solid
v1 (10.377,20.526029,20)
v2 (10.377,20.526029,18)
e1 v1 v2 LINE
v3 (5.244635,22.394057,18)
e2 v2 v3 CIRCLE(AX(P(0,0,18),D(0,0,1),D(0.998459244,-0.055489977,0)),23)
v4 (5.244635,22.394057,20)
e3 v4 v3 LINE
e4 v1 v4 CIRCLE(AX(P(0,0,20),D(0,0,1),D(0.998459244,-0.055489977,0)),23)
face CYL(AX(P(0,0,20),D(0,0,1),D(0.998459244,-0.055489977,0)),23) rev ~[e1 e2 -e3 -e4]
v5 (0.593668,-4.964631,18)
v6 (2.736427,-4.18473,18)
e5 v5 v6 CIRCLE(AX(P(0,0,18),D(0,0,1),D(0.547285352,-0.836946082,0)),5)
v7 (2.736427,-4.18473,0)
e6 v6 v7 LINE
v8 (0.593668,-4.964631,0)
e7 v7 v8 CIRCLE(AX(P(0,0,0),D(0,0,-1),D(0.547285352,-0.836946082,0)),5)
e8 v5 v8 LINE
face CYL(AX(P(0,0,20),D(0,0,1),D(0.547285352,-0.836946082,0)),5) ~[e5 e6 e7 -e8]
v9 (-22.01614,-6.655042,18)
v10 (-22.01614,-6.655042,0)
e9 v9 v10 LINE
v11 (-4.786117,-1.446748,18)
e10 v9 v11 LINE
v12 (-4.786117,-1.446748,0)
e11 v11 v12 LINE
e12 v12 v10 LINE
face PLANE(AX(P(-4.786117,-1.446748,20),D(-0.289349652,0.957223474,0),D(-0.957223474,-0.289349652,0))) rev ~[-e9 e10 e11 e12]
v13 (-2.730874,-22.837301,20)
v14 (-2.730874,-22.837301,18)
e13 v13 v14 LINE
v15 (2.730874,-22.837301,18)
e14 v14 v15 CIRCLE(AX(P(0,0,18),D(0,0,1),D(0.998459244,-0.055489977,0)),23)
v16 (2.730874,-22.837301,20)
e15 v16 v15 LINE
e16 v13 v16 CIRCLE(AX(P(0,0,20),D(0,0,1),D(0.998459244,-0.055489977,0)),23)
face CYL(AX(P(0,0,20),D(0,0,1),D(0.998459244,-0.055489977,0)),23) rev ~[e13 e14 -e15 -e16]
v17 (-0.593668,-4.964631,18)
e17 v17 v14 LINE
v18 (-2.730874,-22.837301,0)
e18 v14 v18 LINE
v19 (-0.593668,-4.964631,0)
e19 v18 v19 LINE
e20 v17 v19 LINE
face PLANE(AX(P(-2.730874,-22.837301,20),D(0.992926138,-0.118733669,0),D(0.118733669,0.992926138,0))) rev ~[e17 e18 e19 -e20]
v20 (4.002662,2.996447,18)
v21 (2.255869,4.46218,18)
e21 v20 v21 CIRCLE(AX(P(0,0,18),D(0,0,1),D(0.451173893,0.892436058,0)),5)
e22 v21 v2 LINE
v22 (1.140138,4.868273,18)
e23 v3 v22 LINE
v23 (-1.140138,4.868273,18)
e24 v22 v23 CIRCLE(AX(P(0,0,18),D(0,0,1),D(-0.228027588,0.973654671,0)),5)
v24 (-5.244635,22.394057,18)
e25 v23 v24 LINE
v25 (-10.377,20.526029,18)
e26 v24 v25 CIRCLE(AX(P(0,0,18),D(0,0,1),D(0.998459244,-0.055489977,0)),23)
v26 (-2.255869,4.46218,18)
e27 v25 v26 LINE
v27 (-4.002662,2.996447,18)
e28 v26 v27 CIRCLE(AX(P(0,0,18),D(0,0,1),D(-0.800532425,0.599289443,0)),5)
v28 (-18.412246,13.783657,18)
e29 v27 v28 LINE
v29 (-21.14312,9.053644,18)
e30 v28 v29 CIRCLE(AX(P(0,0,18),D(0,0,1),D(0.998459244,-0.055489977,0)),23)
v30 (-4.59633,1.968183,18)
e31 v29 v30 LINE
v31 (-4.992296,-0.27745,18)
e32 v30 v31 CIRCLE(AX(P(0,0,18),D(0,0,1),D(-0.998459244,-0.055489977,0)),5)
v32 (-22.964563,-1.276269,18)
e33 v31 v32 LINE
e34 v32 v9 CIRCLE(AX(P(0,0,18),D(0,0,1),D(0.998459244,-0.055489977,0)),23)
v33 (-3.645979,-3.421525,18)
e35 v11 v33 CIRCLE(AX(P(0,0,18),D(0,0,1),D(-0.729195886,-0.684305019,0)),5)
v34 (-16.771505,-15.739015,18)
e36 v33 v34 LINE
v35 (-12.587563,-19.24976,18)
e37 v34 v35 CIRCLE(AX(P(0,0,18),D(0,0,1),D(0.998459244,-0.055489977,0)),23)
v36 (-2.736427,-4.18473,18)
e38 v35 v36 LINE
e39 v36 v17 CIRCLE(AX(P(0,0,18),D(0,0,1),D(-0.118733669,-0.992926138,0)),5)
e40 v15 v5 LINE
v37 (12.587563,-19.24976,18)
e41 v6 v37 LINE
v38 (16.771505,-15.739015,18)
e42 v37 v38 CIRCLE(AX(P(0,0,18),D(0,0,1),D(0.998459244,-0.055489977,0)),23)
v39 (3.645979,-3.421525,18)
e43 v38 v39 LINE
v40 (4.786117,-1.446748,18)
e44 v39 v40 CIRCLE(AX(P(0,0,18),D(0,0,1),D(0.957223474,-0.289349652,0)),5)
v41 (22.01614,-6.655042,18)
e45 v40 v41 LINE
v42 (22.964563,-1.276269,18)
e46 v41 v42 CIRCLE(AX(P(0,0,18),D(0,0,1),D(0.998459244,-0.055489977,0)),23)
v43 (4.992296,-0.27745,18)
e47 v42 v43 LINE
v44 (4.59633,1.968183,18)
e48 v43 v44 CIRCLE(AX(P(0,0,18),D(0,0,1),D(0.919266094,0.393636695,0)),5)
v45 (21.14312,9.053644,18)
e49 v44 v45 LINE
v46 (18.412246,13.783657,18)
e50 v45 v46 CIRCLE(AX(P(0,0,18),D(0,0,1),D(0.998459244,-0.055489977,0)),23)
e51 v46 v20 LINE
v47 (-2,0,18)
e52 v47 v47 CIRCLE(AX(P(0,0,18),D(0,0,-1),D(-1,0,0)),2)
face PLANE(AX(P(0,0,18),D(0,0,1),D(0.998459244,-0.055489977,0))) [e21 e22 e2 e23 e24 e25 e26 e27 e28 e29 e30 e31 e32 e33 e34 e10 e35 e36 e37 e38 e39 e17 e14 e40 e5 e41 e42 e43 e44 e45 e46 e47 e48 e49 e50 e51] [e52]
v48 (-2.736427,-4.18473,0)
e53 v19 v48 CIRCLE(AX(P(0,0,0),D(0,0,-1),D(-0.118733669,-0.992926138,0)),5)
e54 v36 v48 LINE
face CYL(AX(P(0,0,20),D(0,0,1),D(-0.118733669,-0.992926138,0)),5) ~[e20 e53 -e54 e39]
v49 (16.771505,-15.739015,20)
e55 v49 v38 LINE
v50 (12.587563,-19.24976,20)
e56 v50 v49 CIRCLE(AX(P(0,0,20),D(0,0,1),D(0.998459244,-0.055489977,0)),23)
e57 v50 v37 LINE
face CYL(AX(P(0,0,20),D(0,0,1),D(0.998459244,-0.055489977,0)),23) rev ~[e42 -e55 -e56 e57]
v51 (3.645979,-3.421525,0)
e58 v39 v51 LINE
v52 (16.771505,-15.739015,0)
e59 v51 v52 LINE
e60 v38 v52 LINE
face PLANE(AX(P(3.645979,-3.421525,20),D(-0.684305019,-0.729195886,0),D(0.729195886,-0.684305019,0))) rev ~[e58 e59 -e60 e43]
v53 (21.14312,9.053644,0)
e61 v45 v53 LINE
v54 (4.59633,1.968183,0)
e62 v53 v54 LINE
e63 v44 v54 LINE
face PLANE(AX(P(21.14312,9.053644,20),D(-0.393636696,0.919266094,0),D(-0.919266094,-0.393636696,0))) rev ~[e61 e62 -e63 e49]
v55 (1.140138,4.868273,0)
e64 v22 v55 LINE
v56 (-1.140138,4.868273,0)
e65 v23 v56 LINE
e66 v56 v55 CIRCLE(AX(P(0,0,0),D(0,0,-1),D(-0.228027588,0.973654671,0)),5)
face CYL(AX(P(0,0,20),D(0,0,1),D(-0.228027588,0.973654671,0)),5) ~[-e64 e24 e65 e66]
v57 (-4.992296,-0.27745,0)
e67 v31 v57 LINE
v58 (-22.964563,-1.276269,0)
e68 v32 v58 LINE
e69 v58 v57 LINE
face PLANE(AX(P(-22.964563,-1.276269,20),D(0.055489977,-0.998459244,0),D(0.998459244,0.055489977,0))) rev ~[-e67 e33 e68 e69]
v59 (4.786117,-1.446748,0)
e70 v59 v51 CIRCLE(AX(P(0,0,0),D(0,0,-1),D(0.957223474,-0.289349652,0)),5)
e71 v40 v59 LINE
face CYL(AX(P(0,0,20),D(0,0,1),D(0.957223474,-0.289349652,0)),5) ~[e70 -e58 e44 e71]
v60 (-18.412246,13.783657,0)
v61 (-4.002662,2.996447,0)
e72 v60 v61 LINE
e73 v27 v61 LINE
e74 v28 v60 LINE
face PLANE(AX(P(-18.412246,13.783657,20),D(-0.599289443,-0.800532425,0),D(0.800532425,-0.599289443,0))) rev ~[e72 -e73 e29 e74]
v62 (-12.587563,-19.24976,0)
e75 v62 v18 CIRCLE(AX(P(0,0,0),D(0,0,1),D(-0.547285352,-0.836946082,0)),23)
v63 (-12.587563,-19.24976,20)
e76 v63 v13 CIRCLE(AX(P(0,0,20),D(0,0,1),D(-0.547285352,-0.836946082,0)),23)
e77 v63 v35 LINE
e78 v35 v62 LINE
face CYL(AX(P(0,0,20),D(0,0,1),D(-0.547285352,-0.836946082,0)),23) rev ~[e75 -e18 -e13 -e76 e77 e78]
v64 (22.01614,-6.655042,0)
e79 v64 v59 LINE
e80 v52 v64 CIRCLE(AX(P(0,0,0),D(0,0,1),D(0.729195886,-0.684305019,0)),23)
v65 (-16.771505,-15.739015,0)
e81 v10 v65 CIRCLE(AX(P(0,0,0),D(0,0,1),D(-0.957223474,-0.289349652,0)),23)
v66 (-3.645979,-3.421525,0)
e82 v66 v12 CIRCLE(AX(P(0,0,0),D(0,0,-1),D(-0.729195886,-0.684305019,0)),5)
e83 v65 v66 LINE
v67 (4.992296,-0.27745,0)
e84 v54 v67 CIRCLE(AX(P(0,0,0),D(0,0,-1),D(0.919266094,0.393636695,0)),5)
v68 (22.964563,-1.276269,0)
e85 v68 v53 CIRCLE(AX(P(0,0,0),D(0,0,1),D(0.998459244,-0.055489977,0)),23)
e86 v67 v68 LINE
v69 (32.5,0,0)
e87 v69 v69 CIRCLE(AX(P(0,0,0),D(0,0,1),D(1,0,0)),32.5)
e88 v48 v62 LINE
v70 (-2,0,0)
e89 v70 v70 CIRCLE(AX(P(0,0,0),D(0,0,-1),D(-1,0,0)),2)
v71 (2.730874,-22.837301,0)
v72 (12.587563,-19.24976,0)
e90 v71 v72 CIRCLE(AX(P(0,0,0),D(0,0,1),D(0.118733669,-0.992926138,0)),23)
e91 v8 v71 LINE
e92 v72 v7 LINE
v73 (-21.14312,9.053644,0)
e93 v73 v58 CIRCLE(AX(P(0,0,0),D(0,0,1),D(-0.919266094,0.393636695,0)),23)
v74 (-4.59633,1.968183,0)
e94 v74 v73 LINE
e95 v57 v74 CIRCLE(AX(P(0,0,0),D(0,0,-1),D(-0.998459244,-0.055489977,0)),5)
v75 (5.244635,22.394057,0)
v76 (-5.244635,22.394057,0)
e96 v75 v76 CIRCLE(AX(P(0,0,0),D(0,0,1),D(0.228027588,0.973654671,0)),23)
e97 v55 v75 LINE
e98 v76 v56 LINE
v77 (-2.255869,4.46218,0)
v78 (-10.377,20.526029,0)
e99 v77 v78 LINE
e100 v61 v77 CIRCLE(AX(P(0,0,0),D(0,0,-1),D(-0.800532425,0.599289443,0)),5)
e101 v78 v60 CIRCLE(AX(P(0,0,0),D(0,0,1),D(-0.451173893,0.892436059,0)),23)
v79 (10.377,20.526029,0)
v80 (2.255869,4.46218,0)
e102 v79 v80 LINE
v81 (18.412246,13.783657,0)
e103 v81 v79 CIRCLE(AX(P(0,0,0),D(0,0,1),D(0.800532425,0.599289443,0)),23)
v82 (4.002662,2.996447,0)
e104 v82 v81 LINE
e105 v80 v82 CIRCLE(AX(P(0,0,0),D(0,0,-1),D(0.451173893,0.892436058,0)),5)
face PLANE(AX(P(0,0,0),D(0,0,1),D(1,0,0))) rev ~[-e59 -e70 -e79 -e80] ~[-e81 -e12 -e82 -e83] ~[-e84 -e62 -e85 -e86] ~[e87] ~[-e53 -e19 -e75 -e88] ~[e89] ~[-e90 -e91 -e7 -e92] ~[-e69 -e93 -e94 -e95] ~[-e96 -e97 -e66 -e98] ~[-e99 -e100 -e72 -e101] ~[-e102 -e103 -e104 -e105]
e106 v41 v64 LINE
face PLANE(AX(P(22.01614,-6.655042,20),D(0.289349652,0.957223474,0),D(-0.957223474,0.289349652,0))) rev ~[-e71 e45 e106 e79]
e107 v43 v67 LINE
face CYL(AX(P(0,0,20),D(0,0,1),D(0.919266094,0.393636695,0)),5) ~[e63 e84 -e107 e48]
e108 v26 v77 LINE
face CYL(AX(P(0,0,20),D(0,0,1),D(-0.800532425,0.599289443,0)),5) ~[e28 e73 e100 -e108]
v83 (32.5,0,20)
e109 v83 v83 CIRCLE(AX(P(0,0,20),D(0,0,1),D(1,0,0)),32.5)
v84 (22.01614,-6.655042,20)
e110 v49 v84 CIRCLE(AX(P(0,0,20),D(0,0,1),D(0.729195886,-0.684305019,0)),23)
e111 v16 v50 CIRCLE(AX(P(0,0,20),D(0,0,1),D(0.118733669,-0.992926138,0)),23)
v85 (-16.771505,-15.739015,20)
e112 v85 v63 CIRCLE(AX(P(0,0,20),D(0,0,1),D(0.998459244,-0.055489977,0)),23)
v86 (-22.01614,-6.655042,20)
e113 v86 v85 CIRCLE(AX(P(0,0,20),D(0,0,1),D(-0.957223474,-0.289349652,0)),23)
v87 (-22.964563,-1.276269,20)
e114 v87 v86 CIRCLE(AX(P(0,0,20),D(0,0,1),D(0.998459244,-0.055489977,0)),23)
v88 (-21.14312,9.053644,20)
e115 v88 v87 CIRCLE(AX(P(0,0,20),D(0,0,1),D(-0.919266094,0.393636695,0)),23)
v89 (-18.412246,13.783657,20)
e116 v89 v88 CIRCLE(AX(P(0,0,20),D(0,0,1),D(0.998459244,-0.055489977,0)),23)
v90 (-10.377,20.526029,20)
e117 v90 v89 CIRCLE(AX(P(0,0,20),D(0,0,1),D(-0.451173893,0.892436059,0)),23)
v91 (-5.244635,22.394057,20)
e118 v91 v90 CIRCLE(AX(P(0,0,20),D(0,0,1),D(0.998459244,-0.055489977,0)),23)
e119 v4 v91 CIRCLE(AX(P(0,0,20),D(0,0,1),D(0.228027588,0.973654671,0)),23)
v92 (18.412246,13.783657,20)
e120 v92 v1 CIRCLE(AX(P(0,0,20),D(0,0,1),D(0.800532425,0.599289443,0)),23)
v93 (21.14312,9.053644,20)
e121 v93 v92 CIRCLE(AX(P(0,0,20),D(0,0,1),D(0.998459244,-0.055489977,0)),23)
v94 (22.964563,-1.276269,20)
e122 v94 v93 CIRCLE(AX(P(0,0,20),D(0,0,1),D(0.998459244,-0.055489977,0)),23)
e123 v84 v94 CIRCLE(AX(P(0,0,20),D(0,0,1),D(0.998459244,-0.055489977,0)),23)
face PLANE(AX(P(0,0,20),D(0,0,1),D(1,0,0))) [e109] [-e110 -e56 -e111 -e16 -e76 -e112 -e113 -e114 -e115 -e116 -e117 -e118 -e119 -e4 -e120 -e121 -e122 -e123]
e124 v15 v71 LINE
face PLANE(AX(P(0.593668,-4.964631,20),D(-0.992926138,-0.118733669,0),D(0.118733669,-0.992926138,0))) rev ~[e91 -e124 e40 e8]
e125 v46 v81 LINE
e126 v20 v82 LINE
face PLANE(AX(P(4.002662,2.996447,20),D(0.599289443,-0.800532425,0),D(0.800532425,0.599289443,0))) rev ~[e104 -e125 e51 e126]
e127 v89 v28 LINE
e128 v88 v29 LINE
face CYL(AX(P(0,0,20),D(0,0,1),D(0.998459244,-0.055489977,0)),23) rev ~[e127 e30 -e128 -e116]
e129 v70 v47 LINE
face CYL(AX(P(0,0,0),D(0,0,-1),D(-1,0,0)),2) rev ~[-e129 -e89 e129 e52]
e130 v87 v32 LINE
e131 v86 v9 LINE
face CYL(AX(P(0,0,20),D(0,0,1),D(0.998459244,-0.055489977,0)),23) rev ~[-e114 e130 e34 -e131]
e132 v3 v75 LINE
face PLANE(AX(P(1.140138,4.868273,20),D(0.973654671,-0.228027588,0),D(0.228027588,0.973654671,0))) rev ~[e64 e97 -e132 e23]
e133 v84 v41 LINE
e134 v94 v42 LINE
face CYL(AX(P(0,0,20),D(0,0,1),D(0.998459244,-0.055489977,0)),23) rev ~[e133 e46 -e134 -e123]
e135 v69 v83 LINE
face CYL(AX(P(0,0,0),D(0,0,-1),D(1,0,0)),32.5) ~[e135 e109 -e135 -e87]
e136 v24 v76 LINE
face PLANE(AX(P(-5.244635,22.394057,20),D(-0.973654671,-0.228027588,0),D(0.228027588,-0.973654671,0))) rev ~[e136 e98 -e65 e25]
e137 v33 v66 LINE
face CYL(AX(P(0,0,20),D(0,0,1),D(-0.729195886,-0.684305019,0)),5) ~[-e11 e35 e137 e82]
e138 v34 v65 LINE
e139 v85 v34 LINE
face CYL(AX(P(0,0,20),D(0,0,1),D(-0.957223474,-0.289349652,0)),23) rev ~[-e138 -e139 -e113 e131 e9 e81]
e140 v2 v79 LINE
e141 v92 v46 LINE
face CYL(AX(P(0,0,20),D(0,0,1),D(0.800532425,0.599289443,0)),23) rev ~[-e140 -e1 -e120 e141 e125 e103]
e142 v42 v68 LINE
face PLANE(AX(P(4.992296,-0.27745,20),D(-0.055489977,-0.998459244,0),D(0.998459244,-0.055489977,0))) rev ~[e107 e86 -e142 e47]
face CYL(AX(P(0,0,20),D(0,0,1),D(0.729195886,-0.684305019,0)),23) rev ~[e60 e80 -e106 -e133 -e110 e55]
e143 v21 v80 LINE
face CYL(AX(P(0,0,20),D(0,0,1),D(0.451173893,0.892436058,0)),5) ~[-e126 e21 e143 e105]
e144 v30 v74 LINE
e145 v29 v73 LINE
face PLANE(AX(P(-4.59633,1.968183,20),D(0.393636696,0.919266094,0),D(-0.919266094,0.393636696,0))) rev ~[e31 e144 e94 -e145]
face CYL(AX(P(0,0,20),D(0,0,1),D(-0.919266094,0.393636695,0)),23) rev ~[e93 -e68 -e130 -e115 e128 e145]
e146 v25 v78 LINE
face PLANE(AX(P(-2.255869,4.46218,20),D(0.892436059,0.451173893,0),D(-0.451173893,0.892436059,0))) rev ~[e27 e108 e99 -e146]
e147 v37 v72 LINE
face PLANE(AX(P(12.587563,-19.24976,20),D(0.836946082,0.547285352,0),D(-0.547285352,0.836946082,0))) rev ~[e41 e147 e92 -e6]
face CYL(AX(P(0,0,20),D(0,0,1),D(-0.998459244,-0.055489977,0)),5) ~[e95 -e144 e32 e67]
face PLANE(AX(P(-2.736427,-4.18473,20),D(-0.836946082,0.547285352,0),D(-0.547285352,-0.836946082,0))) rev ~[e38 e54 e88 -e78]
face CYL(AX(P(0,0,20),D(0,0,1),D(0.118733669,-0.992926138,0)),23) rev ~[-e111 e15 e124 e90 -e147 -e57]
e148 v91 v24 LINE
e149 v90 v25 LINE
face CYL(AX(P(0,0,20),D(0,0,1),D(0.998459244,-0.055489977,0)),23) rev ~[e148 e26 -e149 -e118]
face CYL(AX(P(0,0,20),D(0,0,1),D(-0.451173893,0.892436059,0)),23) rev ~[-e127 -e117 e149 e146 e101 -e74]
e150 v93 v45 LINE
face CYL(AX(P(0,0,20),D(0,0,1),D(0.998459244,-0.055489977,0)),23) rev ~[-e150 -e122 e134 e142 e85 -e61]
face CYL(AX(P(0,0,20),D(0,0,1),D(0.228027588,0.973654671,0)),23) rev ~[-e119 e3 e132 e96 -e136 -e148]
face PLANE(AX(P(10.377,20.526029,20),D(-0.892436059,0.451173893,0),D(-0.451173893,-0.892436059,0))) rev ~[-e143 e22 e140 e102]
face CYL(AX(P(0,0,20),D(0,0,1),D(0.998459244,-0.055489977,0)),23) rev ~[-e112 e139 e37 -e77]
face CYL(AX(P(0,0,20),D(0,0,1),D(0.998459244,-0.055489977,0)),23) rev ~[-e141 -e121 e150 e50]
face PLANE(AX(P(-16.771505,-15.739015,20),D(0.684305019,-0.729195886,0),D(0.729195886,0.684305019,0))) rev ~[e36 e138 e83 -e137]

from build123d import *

# Parameters (mm, degrees)
CROQUIS1_R              = 32.5
SALIENTE_EXTRUIR1_DEPTH = 20
CROQUIS2_R              = 2
CORTAR_EXTRUIR1_DEPTH   = 20
CORTAR_EXTRUIR2_DEPTH   = 20
CROQUIS4_R              = 23
CORTAR_EXTRUIR3_DEPTH   = 2


with BuildPart() as part:
    # Croquis1 → Saliente-Extruir1 (new body)
    with BuildSketch(Plane.XY):
        Circle(CROQUIS1_R)
    extrude(amount=SALIENTE_EXTRUIR1_DEPTH)

    # Croquis2 → Cortar-Extruir1 (cut)
    with BuildSketch(Plane(origin=(0, 0, 0), x_dir=(-1, 0, 0), z_dir=(0, 0, -1))):
        Circle(CROQUIS2_R)
    extrude(amount=-CORTAR_EXTRUIR1_DEPTH, mode=Mode.SUBTRACT)

    # Croquis3 → Cortar-Extruir2 (cut)
    with BuildSketch(Plane.XY.offset(20)):
        with BuildLine():
            Line((1.140137938, 4.868273357), (5.244634516, 22.394057444))
            ThreePointArc((5.244634516, 22.394057444), (0, 23), (-5.244634516, 22.394057444))
            Line((-5.244634516, 22.394057444), (-1.140137938, 4.868273357))
            ThreePointArc((-1.140137938, 4.868273357), (0, 5), (1.140137938, 4.868273357))
        make_face()
        with BuildLine():
            Line((4.002662127, 2.996447213), (18.412245782, 13.78365718))
            ThreePointArc((18.412245782, 13.78365718), (14.784115023, 17.619022192), (10.376999529, 20.526029348))
            Line((10.376999529, 20.526029348), (2.255869463, 4.462180293))
            ThreePointArc((2.255869463, 4.462180293), (3.213938048, 3.830222216), (4.002662127, 2.996447213))
        make_face()
        with BuildLine():
            Line((4.992296221, -0.277449884), (22.964562618, -1.276269467))
            ThreePointArc((22.964562618, -1.276269467), (22.650578319, 3.993908086), (21.143120166, 9.053643998))
            Line((21.143120166, 9.053643998), (4.596330471, 1.968183478))
            ThreePointArc((4.596330471, 1.968183478), (4.924038765, 0.868240888), (4.992296221, -0.277449884))
        make_face()
        with BuildLine():
            Line((3.645979431, -3.421525097), (16.771505382, -15.739015446))
            ThreePointArc((16.771505382, -15.739015446), (19.918584287, -11.5), (22.016139898, -6.655041998))
            Line((22.016139898, -6.655041998), (4.786117369, -1.44674826))
            ThreePointArc((4.786117369, -1.44674826), (4.330127019, -2.5), (3.645979431, -3.421525097))
        make_face()
        with BuildLine():
            Line((0.593668344, -4.964630691), (2.730874383, -22.837301178))
            ThreePointArc((2.730874383, -22.837301178), (7.866463296, -21.612930278), (12.58756309, -19.249759881))
            Line((12.58756309, -19.249759881), (2.736426759, -4.184730409))
            ThreePointArc((2.736426759, -4.184730409), (1.710100717, -4.698463104), (0.593668344, -4.964630691))
        make_face()
        with BuildLine():
            Line((-2.736426759, -4.184730409), (-12.58756309, -19.249759881))
            ThreePointArc((-12.58756309, -19.249759881), (-7.866463296, -21.612930278), (-2.730874383, -22.837301178))
            Line((-2.730874383, -22.837301178), (-0.593668344, -4.964630691))
            ThreePointArc((-0.593668344, -4.964630691), (-1.710100717, -4.698463104), (-2.736426759, -4.184730409))
        make_face()
        with BuildLine():
            Line((-4.786117369, -1.44674826), (-22.016139898, -6.655041998))
            ThreePointArc((-22.016139898, -6.655041998), (-19.918584287, -11.5), (-16.771505382, -15.739015446))
            Line((-16.771505382, -15.739015446), (-3.645979431, -3.421525097))
            ThreePointArc((-3.645979431, -3.421525097), (-4.330127019, -2.5), (-4.786117369, -1.44674826))
        make_face()
        with BuildLine():
            Line((-4.596330471, 1.968183478), (-21.143120166, 9.053643998))
            ThreePointArc((-21.143120166, 9.053643998), (-22.650578319, 3.993908086), (-22.964562618, -1.276269467))
            Line((-22.964562618, -1.276269467), (-4.992296221, -0.277449884))
            ThreePointArc((-4.992296221, -0.277449884), (-4.924038765, 0.868240888), (-4.596330471, 1.968183478))
        make_face()
        with BuildLine():
            Line((-2.255869463, 4.462180293), (-10.376999529, 20.526029348))
            ThreePointArc((-10.376999529, 20.526029348), (-14.784115023, 17.619022192), (-18.412245782, 13.78365718))
            Line((-18.412245782, 13.78365718), (-4.002662127, 2.996447213))
            ThreePointArc((-4.002662127, 2.996447213), (-3.213938048, 3.830222216), (-2.255869463, 4.462180293))
        make_face()
    extrude(amount=-CORTAR_EXTRUIR2_DEPTH, mode=Mode.SUBTRACT)

    # Croquis4 → Cortar-Extruir3 (cut)
    with BuildSketch(Plane.XY.offset(20)):
        with Locations(Location((0, 0, 0), (0, 0, 356.819024652))):
            Circle(CROQUIS4_R)
    extrude(amount=-CORTAR_EXTRUIR3_DEPTH, mode=Mode.SUBTRACT)


solid = part.part
